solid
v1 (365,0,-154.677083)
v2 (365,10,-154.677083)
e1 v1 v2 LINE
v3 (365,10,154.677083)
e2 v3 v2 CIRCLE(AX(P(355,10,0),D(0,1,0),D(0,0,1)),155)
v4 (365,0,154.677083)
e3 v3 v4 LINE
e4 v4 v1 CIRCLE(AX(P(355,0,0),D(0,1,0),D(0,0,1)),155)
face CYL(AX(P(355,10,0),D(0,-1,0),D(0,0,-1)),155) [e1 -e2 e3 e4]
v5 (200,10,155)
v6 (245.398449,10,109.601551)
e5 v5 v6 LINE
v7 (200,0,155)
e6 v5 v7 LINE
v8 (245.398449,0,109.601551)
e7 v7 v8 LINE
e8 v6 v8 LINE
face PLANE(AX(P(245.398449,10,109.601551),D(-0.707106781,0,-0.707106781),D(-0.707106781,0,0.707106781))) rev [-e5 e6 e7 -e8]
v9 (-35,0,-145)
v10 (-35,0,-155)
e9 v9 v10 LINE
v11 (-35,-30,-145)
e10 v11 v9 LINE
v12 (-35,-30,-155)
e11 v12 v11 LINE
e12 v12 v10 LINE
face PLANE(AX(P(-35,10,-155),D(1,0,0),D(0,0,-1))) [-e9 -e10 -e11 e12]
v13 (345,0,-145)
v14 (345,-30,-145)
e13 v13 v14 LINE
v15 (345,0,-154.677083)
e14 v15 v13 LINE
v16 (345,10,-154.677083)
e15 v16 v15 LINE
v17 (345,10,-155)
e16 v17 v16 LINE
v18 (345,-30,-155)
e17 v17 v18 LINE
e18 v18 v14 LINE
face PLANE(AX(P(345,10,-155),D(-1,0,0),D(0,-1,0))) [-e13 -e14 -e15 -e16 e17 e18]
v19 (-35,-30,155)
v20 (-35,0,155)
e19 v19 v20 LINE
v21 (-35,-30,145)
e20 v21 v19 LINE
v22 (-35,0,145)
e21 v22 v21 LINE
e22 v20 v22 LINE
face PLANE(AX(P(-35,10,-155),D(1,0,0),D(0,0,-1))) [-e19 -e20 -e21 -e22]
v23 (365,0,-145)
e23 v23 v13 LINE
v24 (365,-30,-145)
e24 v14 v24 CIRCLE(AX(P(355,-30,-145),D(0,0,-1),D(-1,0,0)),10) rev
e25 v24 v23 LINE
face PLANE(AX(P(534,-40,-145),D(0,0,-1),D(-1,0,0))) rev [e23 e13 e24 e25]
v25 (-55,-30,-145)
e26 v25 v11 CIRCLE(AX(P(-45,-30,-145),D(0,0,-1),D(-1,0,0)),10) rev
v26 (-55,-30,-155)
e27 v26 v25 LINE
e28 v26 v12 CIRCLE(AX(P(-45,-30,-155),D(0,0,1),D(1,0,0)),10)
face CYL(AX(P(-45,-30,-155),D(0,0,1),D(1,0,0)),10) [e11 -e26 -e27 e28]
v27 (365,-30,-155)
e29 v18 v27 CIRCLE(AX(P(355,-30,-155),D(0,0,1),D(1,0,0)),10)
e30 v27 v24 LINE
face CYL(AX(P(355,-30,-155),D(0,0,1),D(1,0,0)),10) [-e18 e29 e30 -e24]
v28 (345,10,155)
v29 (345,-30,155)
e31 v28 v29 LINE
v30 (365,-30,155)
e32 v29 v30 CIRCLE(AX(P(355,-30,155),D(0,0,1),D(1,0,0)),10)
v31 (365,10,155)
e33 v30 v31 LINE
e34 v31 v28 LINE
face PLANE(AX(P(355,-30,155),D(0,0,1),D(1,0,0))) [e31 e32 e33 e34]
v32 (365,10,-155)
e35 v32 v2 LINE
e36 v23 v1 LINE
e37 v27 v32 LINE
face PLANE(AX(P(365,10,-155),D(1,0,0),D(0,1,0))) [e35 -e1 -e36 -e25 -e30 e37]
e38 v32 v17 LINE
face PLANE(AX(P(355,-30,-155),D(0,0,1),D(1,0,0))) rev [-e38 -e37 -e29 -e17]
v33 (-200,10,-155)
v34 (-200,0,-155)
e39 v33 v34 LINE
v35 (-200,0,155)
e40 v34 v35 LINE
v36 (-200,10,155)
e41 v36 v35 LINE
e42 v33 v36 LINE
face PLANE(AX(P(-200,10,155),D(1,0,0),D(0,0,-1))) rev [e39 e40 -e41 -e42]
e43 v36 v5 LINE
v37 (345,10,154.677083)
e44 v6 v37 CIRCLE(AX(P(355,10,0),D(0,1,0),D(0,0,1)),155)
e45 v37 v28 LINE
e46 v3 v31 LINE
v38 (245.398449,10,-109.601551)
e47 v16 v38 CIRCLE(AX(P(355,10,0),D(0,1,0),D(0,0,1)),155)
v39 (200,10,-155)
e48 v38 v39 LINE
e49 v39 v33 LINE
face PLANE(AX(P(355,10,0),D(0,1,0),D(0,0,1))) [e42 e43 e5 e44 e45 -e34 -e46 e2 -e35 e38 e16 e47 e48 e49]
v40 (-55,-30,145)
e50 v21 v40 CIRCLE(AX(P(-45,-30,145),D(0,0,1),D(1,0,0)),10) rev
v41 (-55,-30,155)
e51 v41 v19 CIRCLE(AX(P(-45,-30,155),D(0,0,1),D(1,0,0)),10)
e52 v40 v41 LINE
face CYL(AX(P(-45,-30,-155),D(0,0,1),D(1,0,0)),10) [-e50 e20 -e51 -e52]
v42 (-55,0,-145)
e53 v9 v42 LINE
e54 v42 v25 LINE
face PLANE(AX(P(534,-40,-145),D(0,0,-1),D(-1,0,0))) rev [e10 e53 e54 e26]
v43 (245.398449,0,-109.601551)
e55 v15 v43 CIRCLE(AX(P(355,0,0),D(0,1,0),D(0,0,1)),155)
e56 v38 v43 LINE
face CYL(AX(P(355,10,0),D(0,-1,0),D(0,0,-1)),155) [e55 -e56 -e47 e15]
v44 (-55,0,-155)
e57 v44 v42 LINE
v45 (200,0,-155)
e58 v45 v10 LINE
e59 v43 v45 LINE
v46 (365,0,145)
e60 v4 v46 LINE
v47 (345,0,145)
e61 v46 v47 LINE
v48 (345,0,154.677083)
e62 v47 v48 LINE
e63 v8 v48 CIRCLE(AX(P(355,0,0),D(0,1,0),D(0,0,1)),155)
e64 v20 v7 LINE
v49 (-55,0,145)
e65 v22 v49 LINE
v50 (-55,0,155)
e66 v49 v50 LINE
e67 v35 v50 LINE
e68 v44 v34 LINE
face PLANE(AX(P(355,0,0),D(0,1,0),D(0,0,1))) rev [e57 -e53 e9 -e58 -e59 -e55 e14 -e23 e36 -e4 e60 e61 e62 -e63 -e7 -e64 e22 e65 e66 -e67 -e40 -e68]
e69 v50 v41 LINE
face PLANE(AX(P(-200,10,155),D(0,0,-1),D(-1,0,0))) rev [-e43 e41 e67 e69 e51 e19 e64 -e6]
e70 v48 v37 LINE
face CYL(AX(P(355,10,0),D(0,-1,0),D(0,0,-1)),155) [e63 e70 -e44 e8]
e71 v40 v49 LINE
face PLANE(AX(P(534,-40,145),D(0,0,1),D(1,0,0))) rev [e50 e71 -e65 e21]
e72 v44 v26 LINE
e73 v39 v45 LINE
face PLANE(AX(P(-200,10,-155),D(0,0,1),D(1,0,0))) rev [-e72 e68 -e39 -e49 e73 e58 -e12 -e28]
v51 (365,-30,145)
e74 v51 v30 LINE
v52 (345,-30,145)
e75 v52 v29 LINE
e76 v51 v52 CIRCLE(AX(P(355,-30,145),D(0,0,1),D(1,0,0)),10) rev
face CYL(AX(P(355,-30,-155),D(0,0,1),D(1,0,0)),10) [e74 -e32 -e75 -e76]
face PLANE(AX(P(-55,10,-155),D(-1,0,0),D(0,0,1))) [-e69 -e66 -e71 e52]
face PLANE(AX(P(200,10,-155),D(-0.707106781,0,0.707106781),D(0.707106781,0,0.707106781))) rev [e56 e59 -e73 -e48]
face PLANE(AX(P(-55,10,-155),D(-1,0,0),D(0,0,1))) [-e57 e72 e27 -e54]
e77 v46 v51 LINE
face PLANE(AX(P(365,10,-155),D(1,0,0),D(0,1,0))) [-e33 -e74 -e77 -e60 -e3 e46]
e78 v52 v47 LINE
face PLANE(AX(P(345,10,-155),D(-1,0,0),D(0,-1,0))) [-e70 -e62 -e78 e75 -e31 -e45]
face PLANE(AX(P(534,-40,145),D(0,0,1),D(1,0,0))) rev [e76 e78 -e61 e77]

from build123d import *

# Parameters (mm, degrees)
BOSS_EXTRUDE2_DEPTH = 10
BOSS_EXTRUDE3_DEPTH = 310
SKETCH7_W           = 290
SKETCH7_H           = 40
CUT_EXTRUDE1_DEPTH  = 589


with BuildPart() as part:
    # Sketch2 → Boss-Extrude2 (new body)
    with BuildSketch(Plane(origin=(0, 0, 0), x_dir=(1, 0, 0), z_dir=(0, 1, 0))):
        with BuildLine():
            Line((200, 155), (245.398448916, 109.601551084))
            ThreePointArc((245.398448916, 109.601551084), (510, 0), (245.398448916, -109.601551084))
            Line((245.398448916, -109.601551084), (200, -155))
            Line((200, -155), (-200, -155))
            Line((-200, -155), (-200, 155))
            Line((-200, 155), (200, 155))
        make_face()
    extrude(amount=BOSS_EXTRUDE2_DEPTH)

    # Sketch6 → Boss-Extrude3 (add)
    with BuildSketch(Plane.XY.offset(155)):
        with BuildLine():
            Line((-35, 10), (-55, 10))
            Line((-55, 10), (-55, -30))
            ThreePointArc((-55, -30), (-45, -40), (-35, -30))
            Line((-35, -30), (-35, 10))
        make_face()
        with BuildLine():
            Line((365, 10), (345, 10))
            Line((345, 10), (345, -30))
            ThreePointArc((345, -30), (355, -40), (365, -30))
            Line((365, -30), (365, 10))
        make_face()
    extrude(amount=-BOSS_EXTRUDE3_DEPTH)

    # Sketch7 → Cut-Extrude1 (cut)
    with BuildSketch(Plane.ZY.offset(55)):
        with Locations((0, -20)):
            Rectangle(SKETCH7_W, SKETCH7_H)
    extrude(amount=-CUT_EXTRUDE1_DEPTH, mode=Mode.SUBTRACT)


solid = part.part
